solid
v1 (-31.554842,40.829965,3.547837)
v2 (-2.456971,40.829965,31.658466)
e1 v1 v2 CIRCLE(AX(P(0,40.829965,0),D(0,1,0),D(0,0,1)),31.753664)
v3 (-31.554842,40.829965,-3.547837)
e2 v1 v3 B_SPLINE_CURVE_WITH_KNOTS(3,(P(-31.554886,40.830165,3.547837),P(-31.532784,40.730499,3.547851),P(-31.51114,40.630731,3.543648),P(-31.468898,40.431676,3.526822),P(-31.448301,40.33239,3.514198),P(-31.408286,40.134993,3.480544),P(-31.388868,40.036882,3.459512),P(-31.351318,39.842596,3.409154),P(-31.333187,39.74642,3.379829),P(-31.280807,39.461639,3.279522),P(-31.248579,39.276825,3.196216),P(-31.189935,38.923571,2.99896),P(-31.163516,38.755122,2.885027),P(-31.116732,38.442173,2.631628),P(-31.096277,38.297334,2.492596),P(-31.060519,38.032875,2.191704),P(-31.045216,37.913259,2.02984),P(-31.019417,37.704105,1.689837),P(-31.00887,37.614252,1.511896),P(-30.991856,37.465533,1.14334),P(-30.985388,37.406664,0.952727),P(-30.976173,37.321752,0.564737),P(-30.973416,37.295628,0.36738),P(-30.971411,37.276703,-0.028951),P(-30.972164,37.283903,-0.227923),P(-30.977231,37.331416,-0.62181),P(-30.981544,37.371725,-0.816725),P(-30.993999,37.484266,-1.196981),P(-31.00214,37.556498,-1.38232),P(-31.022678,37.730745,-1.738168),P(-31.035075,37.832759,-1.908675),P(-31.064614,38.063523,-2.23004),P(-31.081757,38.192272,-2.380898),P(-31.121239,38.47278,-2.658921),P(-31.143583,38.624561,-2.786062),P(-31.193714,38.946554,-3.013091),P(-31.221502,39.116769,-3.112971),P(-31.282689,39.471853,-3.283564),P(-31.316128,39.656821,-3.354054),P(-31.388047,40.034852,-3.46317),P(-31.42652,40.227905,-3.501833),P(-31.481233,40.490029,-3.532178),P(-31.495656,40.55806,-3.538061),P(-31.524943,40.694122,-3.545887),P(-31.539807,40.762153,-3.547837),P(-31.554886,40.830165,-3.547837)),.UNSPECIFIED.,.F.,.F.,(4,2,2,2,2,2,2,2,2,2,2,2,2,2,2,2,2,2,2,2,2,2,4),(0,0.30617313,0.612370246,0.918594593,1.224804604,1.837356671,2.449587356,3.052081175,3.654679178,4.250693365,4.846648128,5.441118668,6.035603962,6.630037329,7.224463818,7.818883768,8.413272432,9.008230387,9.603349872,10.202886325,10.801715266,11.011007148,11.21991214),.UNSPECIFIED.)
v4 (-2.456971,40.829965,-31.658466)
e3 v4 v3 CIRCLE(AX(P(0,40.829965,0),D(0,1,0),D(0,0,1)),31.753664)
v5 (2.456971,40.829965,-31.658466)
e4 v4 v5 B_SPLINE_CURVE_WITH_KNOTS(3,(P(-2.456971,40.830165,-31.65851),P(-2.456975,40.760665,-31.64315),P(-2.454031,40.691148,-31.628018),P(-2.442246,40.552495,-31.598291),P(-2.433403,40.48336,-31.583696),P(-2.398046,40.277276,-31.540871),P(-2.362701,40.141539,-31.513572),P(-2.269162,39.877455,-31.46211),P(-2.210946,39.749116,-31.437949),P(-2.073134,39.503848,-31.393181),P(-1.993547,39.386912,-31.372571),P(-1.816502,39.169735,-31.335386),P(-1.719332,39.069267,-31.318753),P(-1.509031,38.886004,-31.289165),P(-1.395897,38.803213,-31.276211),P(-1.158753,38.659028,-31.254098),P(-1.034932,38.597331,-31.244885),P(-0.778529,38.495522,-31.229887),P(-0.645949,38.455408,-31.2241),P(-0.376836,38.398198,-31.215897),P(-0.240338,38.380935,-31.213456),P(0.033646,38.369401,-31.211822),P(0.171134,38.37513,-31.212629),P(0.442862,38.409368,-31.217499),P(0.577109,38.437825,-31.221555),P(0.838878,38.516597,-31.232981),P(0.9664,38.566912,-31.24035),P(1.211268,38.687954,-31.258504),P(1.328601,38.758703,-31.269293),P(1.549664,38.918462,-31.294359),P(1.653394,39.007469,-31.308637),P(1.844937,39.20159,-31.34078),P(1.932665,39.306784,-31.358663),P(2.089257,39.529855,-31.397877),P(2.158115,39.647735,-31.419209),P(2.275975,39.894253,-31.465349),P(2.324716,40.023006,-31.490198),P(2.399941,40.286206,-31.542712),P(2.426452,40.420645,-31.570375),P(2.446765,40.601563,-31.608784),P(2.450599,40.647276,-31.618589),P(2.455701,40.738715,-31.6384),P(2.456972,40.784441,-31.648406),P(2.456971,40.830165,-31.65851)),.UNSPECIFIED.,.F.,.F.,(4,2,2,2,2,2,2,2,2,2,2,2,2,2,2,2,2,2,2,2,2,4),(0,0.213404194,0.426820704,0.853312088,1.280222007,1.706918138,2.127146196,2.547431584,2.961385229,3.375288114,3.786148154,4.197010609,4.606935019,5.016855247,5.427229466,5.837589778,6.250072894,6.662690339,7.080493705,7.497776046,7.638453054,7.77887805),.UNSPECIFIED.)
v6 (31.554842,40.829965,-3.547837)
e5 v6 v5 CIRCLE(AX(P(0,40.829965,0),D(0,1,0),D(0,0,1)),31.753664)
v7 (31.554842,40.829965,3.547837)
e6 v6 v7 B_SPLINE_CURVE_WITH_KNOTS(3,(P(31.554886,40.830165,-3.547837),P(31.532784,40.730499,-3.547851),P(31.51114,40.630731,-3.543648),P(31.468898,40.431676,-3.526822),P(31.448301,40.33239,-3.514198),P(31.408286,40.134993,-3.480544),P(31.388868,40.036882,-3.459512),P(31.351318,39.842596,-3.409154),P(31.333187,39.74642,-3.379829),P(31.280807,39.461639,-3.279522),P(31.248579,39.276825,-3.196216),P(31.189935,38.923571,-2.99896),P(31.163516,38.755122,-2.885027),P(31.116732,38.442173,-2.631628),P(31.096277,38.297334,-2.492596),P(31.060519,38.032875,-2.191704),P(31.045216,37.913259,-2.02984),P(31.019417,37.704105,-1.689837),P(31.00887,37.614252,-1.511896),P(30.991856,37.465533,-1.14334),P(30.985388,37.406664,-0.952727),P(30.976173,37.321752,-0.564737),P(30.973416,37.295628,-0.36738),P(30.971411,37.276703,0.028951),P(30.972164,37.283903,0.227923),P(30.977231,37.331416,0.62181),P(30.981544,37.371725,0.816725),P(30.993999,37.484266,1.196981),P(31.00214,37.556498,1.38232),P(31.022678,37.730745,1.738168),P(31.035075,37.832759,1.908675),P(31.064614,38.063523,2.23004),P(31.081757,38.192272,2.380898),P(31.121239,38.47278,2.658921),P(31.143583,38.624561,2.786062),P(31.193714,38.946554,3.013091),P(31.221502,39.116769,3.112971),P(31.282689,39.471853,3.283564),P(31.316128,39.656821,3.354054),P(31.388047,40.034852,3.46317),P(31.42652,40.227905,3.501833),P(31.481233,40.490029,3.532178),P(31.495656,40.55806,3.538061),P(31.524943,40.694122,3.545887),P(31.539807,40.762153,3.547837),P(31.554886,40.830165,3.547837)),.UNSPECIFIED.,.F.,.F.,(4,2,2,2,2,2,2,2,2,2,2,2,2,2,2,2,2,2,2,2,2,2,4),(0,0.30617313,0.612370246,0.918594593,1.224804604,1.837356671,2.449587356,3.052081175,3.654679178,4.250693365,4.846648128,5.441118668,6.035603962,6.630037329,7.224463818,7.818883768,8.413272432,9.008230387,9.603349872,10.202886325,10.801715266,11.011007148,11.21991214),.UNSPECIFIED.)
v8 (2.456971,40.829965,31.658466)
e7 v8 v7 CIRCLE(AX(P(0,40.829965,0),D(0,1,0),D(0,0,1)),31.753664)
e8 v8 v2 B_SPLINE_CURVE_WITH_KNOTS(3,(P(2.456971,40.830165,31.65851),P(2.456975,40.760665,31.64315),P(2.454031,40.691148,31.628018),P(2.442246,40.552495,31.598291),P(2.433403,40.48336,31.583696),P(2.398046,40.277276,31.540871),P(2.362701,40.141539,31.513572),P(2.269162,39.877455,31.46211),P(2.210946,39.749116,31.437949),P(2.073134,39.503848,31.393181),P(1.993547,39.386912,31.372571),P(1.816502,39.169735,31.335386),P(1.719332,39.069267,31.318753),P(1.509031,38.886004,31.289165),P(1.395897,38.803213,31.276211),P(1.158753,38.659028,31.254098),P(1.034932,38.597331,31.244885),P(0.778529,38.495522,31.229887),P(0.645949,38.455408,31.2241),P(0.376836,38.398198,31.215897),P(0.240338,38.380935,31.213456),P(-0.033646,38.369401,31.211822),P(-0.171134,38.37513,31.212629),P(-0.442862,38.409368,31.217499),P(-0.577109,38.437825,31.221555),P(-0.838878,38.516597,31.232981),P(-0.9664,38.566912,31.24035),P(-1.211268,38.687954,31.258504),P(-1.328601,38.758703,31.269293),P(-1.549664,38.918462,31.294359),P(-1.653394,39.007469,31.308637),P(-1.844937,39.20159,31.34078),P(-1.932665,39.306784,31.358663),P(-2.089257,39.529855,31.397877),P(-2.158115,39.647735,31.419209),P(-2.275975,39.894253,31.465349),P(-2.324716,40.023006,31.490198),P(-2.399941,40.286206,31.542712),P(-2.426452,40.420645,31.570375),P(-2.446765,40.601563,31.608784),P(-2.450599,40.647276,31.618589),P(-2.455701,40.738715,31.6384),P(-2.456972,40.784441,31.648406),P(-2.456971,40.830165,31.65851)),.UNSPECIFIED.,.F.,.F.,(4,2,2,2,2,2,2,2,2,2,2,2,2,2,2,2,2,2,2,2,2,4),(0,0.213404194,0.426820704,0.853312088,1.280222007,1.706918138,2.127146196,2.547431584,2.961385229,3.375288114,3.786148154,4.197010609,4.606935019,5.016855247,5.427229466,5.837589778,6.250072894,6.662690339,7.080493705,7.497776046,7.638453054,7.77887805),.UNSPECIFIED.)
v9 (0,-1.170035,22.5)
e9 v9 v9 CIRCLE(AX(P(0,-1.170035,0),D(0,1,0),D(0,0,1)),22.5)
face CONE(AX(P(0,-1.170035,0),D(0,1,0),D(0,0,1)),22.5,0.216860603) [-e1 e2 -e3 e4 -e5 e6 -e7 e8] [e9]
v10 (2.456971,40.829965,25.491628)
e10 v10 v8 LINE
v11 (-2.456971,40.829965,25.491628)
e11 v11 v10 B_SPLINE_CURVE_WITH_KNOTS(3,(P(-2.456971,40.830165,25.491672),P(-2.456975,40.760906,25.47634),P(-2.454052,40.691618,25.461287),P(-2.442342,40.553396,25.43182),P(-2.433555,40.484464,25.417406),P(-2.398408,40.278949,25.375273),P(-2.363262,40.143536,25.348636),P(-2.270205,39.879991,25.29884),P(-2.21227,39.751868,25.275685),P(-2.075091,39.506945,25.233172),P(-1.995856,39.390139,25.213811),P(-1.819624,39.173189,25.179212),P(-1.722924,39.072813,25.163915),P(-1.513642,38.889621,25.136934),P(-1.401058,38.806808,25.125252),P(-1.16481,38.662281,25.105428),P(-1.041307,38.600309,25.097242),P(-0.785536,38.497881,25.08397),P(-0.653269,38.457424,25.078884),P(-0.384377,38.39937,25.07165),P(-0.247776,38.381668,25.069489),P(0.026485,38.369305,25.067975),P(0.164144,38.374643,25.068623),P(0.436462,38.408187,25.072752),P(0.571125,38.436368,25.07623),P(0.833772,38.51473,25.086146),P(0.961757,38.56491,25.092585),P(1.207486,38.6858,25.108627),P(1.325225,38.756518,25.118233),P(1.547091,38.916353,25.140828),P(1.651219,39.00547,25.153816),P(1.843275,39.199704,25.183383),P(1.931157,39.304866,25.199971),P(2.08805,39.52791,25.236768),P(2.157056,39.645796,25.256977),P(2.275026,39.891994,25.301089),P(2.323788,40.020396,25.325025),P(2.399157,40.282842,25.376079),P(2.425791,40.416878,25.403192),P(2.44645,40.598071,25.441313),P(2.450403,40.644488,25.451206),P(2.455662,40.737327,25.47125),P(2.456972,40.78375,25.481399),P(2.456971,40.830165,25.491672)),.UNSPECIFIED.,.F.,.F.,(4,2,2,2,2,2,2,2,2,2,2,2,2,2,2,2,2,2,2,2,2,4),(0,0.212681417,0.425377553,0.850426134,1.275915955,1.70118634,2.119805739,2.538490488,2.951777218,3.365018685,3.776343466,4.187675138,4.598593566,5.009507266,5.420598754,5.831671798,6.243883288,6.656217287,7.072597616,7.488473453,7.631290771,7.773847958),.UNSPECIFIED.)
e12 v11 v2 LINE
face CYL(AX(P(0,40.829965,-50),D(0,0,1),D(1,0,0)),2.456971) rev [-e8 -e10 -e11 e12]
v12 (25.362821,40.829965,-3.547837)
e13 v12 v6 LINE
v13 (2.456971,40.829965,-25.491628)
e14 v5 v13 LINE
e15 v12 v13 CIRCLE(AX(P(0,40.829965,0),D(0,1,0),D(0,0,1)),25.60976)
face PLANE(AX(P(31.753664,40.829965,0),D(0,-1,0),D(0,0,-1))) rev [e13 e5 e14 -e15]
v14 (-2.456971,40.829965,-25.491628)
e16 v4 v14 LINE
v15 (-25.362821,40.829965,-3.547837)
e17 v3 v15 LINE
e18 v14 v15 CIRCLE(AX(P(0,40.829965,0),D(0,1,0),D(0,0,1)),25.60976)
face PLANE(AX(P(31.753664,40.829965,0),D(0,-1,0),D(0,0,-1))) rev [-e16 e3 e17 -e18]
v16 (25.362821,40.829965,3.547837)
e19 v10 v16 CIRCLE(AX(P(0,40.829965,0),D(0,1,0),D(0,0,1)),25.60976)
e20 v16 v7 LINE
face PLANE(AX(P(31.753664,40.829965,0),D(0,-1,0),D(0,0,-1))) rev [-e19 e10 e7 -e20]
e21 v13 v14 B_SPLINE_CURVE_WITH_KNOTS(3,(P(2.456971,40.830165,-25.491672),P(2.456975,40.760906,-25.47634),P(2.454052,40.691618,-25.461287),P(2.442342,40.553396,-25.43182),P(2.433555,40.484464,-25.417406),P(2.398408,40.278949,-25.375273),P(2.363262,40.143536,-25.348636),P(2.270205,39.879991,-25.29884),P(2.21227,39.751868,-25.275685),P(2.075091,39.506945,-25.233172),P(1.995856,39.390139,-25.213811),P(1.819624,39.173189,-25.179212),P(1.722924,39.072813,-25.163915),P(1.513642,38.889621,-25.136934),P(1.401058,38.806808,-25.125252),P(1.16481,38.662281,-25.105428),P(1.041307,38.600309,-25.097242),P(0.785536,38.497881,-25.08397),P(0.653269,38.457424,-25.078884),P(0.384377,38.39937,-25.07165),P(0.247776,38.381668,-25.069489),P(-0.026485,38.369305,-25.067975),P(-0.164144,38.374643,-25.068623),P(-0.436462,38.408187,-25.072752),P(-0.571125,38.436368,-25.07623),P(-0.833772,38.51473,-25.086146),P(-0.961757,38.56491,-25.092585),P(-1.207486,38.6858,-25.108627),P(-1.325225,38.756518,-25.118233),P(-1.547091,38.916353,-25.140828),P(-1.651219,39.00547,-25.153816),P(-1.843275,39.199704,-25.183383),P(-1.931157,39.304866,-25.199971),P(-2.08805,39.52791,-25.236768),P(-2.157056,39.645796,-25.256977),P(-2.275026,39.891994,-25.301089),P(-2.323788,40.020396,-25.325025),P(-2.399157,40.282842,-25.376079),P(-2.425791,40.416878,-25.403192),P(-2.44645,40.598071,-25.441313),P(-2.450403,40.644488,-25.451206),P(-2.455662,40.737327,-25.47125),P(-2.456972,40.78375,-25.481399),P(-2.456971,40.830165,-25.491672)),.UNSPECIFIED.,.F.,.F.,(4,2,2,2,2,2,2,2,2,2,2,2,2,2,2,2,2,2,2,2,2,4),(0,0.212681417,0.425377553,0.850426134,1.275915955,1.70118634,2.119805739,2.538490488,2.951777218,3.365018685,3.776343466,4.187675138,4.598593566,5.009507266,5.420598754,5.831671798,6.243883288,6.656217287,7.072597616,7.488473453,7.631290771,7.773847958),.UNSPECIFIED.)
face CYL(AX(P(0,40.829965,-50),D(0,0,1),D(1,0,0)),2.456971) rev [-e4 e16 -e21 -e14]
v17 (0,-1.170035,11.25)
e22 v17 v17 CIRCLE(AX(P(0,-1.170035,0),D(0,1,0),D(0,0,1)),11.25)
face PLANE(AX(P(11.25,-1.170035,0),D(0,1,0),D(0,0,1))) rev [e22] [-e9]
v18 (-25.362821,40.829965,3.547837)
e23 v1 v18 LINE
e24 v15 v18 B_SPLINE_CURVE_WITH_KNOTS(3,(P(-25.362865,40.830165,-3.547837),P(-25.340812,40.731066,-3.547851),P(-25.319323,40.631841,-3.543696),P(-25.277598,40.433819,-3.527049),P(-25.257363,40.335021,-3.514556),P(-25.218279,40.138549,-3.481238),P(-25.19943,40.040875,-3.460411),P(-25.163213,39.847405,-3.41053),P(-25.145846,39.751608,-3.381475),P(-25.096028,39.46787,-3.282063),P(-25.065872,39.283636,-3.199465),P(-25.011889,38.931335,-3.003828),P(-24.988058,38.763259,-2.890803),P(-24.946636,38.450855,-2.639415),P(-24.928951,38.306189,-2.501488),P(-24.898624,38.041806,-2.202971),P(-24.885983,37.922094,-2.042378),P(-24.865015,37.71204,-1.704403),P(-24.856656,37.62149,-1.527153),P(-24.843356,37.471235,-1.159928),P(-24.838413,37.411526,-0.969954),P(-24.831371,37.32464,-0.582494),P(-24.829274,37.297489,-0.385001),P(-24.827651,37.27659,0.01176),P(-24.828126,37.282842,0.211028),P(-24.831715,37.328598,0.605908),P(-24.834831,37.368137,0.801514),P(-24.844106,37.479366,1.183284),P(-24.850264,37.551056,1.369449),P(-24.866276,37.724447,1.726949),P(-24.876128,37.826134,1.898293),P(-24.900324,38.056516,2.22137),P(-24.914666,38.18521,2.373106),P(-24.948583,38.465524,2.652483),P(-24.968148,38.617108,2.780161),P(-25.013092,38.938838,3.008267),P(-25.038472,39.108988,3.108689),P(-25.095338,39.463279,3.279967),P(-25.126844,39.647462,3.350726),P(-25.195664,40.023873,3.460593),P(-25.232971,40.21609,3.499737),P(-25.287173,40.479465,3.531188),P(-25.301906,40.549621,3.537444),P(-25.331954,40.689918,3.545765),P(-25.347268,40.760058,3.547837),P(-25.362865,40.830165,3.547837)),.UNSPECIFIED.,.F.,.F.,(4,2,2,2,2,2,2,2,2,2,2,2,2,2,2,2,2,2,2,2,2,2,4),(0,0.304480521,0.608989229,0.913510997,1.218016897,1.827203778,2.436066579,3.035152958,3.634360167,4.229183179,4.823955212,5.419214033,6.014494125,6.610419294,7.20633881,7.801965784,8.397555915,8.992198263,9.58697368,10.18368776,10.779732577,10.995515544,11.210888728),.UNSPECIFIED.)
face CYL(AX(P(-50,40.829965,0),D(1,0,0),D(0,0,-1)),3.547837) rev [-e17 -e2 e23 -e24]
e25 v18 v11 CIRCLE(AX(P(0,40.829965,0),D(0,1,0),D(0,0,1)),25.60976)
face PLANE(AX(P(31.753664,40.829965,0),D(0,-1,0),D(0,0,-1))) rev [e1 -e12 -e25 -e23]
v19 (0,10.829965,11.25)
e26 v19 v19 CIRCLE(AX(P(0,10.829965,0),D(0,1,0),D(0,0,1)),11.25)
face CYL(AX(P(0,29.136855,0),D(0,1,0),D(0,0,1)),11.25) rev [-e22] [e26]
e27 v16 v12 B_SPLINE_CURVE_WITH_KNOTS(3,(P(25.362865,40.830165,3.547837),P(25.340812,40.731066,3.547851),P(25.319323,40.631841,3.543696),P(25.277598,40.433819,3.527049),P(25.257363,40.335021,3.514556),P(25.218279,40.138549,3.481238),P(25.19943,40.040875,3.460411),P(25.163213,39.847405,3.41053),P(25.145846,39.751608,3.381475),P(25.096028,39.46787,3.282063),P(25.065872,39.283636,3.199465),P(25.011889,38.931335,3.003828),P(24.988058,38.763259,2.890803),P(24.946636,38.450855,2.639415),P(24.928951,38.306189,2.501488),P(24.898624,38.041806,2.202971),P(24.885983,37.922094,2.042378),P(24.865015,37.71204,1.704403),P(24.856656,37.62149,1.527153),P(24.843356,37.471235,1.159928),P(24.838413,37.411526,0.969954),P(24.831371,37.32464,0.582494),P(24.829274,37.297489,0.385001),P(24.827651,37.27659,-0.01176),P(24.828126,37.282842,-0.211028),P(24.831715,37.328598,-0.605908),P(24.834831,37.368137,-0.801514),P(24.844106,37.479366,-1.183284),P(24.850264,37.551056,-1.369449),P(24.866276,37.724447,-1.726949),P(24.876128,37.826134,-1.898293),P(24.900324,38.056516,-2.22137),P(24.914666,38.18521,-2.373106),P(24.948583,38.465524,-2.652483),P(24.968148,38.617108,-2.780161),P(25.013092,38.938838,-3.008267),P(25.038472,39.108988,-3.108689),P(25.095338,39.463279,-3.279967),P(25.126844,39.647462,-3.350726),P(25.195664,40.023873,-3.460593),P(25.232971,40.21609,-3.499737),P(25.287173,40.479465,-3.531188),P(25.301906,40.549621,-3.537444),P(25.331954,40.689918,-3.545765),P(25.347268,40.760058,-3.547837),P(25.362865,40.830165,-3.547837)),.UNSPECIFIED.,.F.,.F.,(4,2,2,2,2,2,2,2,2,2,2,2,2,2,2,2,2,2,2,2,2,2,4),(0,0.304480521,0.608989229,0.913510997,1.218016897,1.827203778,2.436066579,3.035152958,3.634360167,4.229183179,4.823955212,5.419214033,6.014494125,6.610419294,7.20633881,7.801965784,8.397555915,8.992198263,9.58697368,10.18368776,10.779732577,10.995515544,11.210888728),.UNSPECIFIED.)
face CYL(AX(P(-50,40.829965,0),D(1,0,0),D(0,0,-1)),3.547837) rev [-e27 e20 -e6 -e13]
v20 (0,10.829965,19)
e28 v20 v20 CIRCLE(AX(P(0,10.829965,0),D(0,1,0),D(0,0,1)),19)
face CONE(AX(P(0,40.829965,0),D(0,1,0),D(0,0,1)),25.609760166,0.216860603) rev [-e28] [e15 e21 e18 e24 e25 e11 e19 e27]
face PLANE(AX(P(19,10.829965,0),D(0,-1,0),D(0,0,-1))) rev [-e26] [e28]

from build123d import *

# Parameters (mm, degrees)
CUT_EXTRUDE1_DEPTH = 50
CUT_EXTRUDE2_DEPTH = 50


with BuildPart() as part:
    # Sketch1 → Revolve1 (revolve)
    with BuildSketch(Plane.XY):
        Polygon((11.25, 10.82996466), (11.25, -1.17003534), (22.5, -1.17003534), (31.753664233, 40.82996466), (25.609760166, 40.82996466), (19, 10.82996466), align=None)
    revolve(axis=Axis((0, 29.136855034, 0), (0, -1, 0)))

    # Sketch2 → Cut-Extrude1 (cut, symmetric)
    with BuildSketch(Plane(origin=(0, 0, 0), x_dir=(0, 0, -1), z_dir=(1, 0, 0))):
        with BuildLine():
            Line((-3.547836686, 40.82996466), (3.547836686, 40.82996466))
            ThreePointArc((3.547836686, 40.82996466), (0, 37.282127974), (-3.547836686, 40.82996466))
        make_face()
    extrude(amount=CUT_EXTRUDE1_DEPTH, both=True, mode=Mode.SUBTRACT)

    # Sketch3 → Cut-Extrude2 (cut, symmetric)
    with BuildSketch(Plane.XY):
        with BuildLine():
            Line((-2.456970945, 40.82996466), (2.456970945, 40.82996466))
            ThreePointArc((2.456970945, 40.82996466), (0, 38.372993715), (-2.456970945, 40.82996466))
        make_face()
    extrude(amount=CUT_EXTRUDE2_DEPTH, both=True, mode=Mode.SUBTRACT)


solid = part.part
